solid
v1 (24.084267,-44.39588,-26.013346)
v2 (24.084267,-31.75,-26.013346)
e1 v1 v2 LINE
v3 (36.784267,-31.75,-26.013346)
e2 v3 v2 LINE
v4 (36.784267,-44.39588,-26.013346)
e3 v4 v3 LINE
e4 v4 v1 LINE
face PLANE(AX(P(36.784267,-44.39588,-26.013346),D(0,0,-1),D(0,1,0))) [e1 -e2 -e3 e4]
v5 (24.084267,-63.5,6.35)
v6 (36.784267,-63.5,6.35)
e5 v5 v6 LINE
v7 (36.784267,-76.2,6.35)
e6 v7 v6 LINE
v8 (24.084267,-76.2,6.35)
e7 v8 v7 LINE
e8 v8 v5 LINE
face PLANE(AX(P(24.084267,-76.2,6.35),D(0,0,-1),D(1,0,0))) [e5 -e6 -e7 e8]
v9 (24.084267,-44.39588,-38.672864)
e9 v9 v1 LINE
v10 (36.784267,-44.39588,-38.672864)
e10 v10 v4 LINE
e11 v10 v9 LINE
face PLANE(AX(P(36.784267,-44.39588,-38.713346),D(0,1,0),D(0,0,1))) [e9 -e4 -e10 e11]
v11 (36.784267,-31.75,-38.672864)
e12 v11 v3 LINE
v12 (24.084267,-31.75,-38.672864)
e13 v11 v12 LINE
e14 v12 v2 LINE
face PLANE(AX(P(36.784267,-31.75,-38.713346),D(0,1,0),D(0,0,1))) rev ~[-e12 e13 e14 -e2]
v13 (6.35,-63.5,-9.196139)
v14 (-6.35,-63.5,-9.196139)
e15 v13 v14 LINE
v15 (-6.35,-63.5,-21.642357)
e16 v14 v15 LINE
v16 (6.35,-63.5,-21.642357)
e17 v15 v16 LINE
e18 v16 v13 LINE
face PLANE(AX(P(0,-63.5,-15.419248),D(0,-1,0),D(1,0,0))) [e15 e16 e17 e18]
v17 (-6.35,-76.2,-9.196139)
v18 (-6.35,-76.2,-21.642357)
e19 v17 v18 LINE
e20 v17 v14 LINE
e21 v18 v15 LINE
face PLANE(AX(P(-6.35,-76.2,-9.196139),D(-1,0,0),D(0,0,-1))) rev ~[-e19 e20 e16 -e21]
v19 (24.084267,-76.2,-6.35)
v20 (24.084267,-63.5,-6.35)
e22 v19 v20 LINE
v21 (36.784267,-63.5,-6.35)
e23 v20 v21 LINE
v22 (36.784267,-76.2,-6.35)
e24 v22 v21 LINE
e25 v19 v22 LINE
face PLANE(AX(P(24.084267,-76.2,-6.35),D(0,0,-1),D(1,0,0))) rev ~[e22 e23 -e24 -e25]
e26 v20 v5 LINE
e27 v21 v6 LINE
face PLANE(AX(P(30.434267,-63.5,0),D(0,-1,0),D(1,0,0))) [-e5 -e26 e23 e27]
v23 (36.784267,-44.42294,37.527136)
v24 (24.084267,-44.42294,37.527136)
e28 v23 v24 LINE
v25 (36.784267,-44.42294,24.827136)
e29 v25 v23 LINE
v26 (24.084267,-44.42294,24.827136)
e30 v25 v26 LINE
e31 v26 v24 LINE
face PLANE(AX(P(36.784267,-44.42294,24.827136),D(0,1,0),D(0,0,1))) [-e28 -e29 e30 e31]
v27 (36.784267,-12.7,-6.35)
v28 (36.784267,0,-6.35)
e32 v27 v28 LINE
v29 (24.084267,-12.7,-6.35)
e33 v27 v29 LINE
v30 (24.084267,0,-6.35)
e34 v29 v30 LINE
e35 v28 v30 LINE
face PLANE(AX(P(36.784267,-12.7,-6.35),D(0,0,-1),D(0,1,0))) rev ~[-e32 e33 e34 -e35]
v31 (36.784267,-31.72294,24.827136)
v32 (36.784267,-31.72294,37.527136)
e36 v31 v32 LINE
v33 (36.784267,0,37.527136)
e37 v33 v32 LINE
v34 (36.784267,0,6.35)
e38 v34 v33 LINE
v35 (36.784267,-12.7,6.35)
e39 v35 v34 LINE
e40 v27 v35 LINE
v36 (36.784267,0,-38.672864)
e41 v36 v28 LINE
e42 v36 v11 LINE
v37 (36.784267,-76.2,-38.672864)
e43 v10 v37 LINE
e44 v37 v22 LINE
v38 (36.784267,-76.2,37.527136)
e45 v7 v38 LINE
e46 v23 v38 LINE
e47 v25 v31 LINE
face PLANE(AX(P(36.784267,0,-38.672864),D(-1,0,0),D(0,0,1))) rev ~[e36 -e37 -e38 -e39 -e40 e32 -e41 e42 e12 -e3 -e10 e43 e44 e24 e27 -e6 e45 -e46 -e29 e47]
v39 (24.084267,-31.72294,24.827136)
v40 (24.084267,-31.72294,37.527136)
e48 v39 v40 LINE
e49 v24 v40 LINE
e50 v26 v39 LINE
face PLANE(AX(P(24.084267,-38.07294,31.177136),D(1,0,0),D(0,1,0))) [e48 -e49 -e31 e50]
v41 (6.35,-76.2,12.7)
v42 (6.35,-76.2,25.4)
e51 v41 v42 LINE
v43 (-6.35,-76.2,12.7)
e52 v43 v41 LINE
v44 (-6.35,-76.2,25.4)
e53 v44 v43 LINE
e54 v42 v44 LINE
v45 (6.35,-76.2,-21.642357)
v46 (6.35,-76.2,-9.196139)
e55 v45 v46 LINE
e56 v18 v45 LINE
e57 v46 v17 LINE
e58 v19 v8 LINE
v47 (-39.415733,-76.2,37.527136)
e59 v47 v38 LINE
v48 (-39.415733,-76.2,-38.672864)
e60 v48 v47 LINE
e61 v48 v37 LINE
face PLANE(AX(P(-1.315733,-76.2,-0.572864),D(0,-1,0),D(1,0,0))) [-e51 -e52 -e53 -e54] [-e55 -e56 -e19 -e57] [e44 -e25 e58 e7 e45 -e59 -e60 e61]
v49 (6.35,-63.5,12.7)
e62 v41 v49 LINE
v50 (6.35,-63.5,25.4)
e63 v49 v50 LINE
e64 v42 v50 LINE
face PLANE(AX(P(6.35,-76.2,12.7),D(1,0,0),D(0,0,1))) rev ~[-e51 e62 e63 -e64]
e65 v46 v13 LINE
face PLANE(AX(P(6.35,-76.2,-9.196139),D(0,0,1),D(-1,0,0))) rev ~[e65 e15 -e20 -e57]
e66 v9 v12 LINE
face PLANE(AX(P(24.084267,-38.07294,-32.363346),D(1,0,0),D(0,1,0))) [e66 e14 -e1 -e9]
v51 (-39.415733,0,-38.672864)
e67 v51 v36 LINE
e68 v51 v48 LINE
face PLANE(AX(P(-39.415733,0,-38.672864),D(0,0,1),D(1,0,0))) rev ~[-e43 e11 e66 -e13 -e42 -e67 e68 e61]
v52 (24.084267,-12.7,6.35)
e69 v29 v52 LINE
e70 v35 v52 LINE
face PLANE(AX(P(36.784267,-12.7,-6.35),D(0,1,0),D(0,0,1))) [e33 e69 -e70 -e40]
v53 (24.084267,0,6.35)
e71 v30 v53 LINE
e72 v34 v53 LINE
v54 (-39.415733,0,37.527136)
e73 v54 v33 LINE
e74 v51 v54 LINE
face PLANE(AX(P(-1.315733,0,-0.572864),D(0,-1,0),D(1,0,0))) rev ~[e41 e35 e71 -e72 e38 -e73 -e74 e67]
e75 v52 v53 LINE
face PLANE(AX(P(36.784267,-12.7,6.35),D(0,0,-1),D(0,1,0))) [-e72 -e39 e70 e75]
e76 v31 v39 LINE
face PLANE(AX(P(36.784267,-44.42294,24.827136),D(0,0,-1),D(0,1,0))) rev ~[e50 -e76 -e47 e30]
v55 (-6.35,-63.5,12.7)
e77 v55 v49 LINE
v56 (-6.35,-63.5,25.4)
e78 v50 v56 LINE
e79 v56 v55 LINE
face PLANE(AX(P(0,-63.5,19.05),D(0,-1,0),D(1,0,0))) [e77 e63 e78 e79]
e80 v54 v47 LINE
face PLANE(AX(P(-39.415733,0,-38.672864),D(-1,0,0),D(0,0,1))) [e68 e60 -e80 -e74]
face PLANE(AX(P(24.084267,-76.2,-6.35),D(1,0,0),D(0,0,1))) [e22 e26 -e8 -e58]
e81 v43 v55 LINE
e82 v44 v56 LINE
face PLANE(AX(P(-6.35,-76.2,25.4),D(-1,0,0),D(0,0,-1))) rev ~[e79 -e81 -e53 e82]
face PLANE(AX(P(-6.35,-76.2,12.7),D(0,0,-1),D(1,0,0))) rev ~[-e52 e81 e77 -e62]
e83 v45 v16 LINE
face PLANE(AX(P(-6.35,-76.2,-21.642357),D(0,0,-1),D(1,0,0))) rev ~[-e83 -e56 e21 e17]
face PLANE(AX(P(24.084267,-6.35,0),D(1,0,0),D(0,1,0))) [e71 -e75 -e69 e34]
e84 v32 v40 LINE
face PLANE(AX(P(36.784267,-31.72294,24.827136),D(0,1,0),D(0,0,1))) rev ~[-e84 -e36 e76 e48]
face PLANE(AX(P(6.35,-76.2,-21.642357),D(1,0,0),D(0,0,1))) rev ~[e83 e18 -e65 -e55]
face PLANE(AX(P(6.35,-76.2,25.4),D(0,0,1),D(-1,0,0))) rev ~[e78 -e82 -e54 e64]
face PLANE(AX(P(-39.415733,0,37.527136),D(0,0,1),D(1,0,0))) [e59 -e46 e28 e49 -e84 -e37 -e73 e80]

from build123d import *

# Parameters (mm, degrees)
F0_W     = 76.2
F0_H     = 76.2
F1_DEPTH = 76.2
F2_W     = 12.7
F2_H     = 12.7
F3_DEPTH = 12.7
F5_DEPTH = 12.7
F7_W     = 12.7
F7_H     = 12.7
F7_W_2   = 12.64588
F8_DEPTH = 12.7


with BuildPart() as f1:
    # F0 (on Front) → F1 (new body)
    with BuildSketch(Plane.XZ):
        with Locations((-1.315733, -0.572864)):
            Rectangle(F0_W, F0_H)
    extrude(amount=F1_DEPTH)

    # F2 (on face) → F3 (cut)
    with BuildSketch(Plane.XZ.offset(76.2)):
        with Locations((30.434267, 0)):
            Rectangle(F2_W, F2_H)
    extrude(amount=-F3_DEPTH, mode=Mode.SUBTRACT)

    # F4 (on face) → F5 (cut)
    with BuildSketch(Plane.XZ.offset(76.2)):
        Polygon((6.35, -9.196139), (0, -9.196139), (-6.35, -9.196139), (-6.35, -21.642357), (6.35, -21.642357), align=None)
        Polygon((-6.35, 12.7), (0, 12.7), (6.35, 12.7), (6.35, 25.4), (-6.35, 25.4), align=None)
    extrude(amount=-F5_DEPTH, mode=Mode.SUBTRACT)

    # F7 (on face) → F8 (cut)
    with BuildSketch(Plane.YZ.offset(36.784267)):
        with Locations((-6.35, 0)):
            Rectangle(F7_W, F7_H)
        with Locations((-38.07294, -32.363346)):
            Rectangle(F7_W_2, F7_H)
        with Locations((-38.07294, 31.177136)):
            Rectangle(F7_W, F7_H)
    extrude(amount=-F8_DEPTH, mode=Mode.SUBTRACT)


solid = f1.part
